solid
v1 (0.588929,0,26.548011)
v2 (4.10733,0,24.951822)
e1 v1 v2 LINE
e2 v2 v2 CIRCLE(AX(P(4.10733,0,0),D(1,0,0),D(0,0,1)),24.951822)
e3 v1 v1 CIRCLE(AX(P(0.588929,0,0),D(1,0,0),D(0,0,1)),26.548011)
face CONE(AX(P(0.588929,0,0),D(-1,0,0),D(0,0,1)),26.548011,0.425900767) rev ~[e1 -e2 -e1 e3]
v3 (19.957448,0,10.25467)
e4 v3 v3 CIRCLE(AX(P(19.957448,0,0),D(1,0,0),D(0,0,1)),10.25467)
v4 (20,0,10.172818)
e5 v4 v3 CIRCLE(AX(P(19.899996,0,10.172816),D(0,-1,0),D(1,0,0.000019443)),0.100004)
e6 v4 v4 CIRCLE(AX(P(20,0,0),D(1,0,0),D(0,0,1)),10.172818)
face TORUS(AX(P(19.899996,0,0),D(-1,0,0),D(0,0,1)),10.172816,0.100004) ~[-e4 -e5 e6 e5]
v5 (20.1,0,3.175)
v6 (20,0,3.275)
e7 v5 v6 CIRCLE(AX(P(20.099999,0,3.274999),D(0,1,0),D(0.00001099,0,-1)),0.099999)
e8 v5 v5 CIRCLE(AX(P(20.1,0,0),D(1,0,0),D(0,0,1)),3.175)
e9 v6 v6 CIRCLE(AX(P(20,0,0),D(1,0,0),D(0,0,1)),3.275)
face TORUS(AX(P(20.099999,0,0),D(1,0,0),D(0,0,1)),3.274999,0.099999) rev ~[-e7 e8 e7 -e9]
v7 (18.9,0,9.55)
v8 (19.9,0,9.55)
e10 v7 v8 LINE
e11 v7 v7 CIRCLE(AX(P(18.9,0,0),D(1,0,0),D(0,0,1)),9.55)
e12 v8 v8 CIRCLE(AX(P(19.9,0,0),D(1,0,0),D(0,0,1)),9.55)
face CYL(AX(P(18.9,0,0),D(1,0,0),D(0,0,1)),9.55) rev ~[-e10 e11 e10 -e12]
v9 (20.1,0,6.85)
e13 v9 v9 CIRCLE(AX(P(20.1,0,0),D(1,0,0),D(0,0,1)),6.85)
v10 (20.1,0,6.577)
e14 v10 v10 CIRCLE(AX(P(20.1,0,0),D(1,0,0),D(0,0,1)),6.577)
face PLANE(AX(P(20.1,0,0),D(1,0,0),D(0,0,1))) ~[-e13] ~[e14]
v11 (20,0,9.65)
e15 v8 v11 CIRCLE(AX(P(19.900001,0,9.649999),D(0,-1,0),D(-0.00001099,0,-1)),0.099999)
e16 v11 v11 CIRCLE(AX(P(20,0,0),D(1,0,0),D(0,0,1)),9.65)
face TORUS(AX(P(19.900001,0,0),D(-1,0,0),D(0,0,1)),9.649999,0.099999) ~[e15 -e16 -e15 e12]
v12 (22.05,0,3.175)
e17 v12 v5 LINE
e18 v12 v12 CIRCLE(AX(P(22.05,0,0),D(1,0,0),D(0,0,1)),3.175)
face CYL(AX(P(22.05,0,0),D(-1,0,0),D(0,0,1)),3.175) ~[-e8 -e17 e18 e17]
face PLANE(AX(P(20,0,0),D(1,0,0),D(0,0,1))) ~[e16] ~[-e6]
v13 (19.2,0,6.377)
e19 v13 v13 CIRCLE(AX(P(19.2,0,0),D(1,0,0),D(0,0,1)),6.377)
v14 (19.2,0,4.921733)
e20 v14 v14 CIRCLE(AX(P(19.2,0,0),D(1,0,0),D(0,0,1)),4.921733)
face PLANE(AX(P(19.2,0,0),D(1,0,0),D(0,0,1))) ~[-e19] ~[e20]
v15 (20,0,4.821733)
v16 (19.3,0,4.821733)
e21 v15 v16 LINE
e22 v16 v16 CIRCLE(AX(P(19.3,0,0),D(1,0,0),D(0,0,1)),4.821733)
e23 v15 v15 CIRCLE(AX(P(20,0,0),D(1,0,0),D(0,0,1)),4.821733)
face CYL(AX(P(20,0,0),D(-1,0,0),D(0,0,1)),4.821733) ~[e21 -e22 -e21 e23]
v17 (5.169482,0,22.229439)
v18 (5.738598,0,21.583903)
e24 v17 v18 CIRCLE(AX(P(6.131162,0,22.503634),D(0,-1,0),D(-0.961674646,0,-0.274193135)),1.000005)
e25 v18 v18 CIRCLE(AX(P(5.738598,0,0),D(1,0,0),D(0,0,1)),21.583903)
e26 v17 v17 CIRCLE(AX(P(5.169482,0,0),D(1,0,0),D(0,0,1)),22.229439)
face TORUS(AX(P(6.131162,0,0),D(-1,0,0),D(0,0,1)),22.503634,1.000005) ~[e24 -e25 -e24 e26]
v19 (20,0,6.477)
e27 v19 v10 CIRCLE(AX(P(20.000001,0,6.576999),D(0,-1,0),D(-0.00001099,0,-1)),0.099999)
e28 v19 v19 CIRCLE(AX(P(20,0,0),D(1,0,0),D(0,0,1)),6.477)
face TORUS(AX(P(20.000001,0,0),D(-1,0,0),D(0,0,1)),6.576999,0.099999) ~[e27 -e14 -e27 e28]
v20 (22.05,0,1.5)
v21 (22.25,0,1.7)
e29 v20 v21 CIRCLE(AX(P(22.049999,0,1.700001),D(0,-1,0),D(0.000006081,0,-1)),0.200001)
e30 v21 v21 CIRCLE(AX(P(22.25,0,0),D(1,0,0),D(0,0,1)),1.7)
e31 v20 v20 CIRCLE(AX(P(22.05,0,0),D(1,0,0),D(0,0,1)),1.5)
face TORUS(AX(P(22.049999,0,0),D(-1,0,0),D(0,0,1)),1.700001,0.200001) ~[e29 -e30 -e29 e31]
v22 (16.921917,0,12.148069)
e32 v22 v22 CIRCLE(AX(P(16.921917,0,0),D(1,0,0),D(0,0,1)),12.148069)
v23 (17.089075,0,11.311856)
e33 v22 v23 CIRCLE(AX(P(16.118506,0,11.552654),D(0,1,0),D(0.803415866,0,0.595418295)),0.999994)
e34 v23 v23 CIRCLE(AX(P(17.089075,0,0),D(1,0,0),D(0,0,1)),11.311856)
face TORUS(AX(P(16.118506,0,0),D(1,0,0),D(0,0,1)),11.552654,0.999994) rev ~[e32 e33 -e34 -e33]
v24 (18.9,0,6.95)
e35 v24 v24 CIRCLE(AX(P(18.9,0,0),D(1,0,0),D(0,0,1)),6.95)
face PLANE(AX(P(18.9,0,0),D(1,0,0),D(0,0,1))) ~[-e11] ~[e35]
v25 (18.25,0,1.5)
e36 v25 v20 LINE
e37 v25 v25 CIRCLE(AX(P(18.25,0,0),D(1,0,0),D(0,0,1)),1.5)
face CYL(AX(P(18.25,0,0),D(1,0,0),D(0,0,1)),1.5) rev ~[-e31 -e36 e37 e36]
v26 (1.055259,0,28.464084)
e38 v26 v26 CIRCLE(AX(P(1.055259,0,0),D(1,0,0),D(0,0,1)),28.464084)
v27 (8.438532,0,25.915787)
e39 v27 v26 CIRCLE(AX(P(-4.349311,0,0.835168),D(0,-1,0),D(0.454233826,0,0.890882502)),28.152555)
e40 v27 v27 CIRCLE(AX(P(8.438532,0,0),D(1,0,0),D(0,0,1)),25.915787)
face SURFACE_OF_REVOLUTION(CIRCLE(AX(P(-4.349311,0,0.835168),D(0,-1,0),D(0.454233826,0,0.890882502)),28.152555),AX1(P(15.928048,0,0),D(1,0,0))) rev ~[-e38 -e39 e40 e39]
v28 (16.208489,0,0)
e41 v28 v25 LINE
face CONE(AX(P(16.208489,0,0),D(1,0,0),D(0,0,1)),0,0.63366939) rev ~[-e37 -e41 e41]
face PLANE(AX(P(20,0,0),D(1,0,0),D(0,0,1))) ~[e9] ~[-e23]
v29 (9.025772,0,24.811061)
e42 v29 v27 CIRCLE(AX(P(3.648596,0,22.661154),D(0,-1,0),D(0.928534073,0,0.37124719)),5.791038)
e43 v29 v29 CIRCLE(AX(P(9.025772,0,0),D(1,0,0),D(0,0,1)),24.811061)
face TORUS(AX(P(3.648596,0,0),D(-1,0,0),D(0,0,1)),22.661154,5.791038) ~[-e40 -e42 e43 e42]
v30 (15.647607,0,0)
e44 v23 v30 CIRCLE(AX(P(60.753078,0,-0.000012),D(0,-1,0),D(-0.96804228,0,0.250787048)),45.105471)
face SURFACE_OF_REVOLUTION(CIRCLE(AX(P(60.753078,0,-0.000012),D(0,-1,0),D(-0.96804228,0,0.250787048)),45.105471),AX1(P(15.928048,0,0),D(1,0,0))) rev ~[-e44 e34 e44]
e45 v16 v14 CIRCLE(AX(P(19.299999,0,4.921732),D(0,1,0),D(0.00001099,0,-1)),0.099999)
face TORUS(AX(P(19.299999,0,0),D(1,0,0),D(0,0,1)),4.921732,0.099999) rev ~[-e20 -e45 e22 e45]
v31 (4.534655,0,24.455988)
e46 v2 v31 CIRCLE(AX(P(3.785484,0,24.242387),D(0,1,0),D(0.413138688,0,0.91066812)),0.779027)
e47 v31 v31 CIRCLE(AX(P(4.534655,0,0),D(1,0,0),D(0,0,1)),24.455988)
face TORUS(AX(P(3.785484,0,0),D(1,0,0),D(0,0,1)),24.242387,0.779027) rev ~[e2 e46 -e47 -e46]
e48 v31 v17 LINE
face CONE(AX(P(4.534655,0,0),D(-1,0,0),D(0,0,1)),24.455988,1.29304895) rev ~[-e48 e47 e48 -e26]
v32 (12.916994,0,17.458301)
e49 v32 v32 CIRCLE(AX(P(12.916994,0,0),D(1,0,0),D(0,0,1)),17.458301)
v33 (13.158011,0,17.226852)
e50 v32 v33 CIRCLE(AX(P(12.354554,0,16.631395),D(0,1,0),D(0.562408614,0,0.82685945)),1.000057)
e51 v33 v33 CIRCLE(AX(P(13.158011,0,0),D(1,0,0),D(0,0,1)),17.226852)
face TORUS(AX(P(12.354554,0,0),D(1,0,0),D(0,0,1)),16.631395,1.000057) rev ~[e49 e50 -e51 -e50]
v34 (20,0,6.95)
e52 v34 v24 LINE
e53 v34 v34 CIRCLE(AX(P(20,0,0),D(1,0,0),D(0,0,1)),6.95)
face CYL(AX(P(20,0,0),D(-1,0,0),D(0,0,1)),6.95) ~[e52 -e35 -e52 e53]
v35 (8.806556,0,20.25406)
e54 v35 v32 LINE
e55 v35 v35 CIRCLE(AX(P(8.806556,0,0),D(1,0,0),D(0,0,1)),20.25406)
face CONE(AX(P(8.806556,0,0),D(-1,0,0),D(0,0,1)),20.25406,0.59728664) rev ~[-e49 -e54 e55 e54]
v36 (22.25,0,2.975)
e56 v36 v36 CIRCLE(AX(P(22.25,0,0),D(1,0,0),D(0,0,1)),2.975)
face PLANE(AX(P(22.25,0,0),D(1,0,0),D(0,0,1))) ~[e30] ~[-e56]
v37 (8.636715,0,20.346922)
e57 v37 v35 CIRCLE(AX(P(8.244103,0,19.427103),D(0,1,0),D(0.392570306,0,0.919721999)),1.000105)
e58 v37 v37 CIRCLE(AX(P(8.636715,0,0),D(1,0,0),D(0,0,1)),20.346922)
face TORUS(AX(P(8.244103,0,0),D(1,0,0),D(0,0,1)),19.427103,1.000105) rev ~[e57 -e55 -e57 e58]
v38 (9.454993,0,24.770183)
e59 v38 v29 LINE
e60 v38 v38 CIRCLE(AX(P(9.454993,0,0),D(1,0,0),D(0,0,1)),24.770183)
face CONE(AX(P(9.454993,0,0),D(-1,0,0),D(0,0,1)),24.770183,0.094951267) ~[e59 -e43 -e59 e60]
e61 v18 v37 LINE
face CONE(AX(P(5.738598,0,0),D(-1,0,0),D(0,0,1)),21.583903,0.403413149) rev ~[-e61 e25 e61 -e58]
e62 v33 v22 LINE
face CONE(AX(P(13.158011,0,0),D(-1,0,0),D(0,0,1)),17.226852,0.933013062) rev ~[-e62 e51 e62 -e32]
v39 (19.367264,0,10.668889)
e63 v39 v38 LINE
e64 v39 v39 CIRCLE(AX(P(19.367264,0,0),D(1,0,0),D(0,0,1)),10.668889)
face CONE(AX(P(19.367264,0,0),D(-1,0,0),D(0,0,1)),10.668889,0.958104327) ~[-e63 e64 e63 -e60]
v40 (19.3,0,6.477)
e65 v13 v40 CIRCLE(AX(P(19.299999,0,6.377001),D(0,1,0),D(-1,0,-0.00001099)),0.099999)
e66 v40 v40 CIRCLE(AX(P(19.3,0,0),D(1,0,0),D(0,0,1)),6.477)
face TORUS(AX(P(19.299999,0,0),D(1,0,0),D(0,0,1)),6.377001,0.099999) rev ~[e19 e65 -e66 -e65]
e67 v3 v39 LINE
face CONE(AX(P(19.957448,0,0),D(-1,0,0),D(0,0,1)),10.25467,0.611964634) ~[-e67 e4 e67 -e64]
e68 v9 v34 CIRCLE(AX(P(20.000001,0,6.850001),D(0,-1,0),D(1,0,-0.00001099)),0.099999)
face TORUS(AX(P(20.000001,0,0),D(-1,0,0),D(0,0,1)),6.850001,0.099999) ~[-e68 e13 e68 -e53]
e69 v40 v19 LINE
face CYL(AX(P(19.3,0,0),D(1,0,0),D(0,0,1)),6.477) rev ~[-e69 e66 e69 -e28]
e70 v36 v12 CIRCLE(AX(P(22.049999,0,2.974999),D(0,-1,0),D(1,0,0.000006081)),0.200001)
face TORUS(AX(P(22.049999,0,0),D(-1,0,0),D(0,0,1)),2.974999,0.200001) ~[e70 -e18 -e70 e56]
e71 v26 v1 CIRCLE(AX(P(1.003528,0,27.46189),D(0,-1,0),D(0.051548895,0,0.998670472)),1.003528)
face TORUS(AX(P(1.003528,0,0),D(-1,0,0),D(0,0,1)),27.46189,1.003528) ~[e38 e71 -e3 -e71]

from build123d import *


with BuildPart() as f1:
    # F0 (on Front) → F1 (revolve)
    with BuildSketch(Plane.XZ):
        with BuildLine():
            ThreePointArc((22.25, 2.975), (22.191421, 3.116421), (22.05, 3.175))
            Line((22.05, 3.175), (20.1, 3.175))
            ThreePointArc((20.1, 3.175), (20.029289, 3.204289), (20, 3.275))
            Line((20, 3.275), (20, 4.821733))
            Line((20, 4.821733), (19.3, 4.821733))
            ThreePointArc((19.3, 4.821733), (19.229289, 4.851022), (19.2, 4.921733))
            Line((19.2, 4.921733), (19.2, 6.377))
            ThreePointArc((19.2, 6.377), (19.229289, 6.447711), (19.3, 6.477))
            Line((19.3, 6.477), (20, 6.477))
            ThreePointArc((20, 6.477), (20.070711, 6.506289), (20.1, 6.577))
            Line((20.1, 6.577), (20.1, 6.85))
            ThreePointArc((20.1, 6.85), (20.070711, 6.920711), (20, 6.95))
            Line((20, 6.95), (18.9, 6.95))
            Line((18.9, 6.95), (18.9, 9.55))
            Line((18.9, 9.55), (19.9, 9.55))
            ThreePointArc((19.9, 9.55), (19.970711, 9.579289), (20, 9.65))
            Line((20, 9.65), (20, 10.172818))
            ThreePointArc((20, 10.172818), (19.988726, 10.218944), (19.957448, 10.25467))
            Line((19.957448, 10.25467), (19.367264, 10.668889))
            Line((19.367264, 10.668889), (9.454993, 24.770183))
            Line((9.454993, 24.770183), (9.025772, 24.811061))
            ThreePointArc((9.025772, 24.811061), (8.762073, 25.379329), (8.438532, 25.915787))
            ThreePointArc((8.438532, 25.915787), (4.8357, 27.447232), (1.055259, 28.464084))
            ThreePointArc((1.055259, 28.464084), (0.028463, 27.6992), (0.588929, 26.548011))
            Line((0.588929, 26.548011), (4.10733, 24.951822))
            ThreePointArc((4.10733, 24.951822), (4.375596, 24.750964), (4.534655, 24.455988))
            Line((4.534655, 24.455988), (5.169482, 22.229439))
            ThreePointArc((5.169482, 22.229439), (5.381046, 21.842319), (5.738598, 21.583903))
            Line((5.738598, 21.583903), (8.636715, 20.346922))
            ThreePointArc((8.636715, 20.346922), (8.723887, 20.30461), (8.806556, 20.25406))
            Line((8.806556, 20.25406), (12.916994, 17.458301))
            ThreePointArc((12.916994, 17.458301), (13.047238, 17.352714), (13.158011, 17.226852))
            Line((13.158011, 17.226852), (16.921917, 12.148069))
            ThreePointArc((16.921917, 12.148069), (17.0991, 11.748673), (17.089075, 11.311856))
            ThreePointArc((17.089075, 11.311856), (16.009426, 5.701665), (15.647607, 0))
            Line((15.647607, 0), (16.208489, 0))
            Line((16.208489, 0), (18.25, 1.5))
            Line((18.25, 1.5), (22.05, 1.5))
            ThreePointArc((22.05, 1.5), (22.191421, 1.558579), (22.25, 1.7))
            Line((22.25, 1.7), (22.25, 2.975))
        make_face()
    revolve(axis=Axis((15.928048, 0, 0), (1, 0, 0)))


solid = f1.part
